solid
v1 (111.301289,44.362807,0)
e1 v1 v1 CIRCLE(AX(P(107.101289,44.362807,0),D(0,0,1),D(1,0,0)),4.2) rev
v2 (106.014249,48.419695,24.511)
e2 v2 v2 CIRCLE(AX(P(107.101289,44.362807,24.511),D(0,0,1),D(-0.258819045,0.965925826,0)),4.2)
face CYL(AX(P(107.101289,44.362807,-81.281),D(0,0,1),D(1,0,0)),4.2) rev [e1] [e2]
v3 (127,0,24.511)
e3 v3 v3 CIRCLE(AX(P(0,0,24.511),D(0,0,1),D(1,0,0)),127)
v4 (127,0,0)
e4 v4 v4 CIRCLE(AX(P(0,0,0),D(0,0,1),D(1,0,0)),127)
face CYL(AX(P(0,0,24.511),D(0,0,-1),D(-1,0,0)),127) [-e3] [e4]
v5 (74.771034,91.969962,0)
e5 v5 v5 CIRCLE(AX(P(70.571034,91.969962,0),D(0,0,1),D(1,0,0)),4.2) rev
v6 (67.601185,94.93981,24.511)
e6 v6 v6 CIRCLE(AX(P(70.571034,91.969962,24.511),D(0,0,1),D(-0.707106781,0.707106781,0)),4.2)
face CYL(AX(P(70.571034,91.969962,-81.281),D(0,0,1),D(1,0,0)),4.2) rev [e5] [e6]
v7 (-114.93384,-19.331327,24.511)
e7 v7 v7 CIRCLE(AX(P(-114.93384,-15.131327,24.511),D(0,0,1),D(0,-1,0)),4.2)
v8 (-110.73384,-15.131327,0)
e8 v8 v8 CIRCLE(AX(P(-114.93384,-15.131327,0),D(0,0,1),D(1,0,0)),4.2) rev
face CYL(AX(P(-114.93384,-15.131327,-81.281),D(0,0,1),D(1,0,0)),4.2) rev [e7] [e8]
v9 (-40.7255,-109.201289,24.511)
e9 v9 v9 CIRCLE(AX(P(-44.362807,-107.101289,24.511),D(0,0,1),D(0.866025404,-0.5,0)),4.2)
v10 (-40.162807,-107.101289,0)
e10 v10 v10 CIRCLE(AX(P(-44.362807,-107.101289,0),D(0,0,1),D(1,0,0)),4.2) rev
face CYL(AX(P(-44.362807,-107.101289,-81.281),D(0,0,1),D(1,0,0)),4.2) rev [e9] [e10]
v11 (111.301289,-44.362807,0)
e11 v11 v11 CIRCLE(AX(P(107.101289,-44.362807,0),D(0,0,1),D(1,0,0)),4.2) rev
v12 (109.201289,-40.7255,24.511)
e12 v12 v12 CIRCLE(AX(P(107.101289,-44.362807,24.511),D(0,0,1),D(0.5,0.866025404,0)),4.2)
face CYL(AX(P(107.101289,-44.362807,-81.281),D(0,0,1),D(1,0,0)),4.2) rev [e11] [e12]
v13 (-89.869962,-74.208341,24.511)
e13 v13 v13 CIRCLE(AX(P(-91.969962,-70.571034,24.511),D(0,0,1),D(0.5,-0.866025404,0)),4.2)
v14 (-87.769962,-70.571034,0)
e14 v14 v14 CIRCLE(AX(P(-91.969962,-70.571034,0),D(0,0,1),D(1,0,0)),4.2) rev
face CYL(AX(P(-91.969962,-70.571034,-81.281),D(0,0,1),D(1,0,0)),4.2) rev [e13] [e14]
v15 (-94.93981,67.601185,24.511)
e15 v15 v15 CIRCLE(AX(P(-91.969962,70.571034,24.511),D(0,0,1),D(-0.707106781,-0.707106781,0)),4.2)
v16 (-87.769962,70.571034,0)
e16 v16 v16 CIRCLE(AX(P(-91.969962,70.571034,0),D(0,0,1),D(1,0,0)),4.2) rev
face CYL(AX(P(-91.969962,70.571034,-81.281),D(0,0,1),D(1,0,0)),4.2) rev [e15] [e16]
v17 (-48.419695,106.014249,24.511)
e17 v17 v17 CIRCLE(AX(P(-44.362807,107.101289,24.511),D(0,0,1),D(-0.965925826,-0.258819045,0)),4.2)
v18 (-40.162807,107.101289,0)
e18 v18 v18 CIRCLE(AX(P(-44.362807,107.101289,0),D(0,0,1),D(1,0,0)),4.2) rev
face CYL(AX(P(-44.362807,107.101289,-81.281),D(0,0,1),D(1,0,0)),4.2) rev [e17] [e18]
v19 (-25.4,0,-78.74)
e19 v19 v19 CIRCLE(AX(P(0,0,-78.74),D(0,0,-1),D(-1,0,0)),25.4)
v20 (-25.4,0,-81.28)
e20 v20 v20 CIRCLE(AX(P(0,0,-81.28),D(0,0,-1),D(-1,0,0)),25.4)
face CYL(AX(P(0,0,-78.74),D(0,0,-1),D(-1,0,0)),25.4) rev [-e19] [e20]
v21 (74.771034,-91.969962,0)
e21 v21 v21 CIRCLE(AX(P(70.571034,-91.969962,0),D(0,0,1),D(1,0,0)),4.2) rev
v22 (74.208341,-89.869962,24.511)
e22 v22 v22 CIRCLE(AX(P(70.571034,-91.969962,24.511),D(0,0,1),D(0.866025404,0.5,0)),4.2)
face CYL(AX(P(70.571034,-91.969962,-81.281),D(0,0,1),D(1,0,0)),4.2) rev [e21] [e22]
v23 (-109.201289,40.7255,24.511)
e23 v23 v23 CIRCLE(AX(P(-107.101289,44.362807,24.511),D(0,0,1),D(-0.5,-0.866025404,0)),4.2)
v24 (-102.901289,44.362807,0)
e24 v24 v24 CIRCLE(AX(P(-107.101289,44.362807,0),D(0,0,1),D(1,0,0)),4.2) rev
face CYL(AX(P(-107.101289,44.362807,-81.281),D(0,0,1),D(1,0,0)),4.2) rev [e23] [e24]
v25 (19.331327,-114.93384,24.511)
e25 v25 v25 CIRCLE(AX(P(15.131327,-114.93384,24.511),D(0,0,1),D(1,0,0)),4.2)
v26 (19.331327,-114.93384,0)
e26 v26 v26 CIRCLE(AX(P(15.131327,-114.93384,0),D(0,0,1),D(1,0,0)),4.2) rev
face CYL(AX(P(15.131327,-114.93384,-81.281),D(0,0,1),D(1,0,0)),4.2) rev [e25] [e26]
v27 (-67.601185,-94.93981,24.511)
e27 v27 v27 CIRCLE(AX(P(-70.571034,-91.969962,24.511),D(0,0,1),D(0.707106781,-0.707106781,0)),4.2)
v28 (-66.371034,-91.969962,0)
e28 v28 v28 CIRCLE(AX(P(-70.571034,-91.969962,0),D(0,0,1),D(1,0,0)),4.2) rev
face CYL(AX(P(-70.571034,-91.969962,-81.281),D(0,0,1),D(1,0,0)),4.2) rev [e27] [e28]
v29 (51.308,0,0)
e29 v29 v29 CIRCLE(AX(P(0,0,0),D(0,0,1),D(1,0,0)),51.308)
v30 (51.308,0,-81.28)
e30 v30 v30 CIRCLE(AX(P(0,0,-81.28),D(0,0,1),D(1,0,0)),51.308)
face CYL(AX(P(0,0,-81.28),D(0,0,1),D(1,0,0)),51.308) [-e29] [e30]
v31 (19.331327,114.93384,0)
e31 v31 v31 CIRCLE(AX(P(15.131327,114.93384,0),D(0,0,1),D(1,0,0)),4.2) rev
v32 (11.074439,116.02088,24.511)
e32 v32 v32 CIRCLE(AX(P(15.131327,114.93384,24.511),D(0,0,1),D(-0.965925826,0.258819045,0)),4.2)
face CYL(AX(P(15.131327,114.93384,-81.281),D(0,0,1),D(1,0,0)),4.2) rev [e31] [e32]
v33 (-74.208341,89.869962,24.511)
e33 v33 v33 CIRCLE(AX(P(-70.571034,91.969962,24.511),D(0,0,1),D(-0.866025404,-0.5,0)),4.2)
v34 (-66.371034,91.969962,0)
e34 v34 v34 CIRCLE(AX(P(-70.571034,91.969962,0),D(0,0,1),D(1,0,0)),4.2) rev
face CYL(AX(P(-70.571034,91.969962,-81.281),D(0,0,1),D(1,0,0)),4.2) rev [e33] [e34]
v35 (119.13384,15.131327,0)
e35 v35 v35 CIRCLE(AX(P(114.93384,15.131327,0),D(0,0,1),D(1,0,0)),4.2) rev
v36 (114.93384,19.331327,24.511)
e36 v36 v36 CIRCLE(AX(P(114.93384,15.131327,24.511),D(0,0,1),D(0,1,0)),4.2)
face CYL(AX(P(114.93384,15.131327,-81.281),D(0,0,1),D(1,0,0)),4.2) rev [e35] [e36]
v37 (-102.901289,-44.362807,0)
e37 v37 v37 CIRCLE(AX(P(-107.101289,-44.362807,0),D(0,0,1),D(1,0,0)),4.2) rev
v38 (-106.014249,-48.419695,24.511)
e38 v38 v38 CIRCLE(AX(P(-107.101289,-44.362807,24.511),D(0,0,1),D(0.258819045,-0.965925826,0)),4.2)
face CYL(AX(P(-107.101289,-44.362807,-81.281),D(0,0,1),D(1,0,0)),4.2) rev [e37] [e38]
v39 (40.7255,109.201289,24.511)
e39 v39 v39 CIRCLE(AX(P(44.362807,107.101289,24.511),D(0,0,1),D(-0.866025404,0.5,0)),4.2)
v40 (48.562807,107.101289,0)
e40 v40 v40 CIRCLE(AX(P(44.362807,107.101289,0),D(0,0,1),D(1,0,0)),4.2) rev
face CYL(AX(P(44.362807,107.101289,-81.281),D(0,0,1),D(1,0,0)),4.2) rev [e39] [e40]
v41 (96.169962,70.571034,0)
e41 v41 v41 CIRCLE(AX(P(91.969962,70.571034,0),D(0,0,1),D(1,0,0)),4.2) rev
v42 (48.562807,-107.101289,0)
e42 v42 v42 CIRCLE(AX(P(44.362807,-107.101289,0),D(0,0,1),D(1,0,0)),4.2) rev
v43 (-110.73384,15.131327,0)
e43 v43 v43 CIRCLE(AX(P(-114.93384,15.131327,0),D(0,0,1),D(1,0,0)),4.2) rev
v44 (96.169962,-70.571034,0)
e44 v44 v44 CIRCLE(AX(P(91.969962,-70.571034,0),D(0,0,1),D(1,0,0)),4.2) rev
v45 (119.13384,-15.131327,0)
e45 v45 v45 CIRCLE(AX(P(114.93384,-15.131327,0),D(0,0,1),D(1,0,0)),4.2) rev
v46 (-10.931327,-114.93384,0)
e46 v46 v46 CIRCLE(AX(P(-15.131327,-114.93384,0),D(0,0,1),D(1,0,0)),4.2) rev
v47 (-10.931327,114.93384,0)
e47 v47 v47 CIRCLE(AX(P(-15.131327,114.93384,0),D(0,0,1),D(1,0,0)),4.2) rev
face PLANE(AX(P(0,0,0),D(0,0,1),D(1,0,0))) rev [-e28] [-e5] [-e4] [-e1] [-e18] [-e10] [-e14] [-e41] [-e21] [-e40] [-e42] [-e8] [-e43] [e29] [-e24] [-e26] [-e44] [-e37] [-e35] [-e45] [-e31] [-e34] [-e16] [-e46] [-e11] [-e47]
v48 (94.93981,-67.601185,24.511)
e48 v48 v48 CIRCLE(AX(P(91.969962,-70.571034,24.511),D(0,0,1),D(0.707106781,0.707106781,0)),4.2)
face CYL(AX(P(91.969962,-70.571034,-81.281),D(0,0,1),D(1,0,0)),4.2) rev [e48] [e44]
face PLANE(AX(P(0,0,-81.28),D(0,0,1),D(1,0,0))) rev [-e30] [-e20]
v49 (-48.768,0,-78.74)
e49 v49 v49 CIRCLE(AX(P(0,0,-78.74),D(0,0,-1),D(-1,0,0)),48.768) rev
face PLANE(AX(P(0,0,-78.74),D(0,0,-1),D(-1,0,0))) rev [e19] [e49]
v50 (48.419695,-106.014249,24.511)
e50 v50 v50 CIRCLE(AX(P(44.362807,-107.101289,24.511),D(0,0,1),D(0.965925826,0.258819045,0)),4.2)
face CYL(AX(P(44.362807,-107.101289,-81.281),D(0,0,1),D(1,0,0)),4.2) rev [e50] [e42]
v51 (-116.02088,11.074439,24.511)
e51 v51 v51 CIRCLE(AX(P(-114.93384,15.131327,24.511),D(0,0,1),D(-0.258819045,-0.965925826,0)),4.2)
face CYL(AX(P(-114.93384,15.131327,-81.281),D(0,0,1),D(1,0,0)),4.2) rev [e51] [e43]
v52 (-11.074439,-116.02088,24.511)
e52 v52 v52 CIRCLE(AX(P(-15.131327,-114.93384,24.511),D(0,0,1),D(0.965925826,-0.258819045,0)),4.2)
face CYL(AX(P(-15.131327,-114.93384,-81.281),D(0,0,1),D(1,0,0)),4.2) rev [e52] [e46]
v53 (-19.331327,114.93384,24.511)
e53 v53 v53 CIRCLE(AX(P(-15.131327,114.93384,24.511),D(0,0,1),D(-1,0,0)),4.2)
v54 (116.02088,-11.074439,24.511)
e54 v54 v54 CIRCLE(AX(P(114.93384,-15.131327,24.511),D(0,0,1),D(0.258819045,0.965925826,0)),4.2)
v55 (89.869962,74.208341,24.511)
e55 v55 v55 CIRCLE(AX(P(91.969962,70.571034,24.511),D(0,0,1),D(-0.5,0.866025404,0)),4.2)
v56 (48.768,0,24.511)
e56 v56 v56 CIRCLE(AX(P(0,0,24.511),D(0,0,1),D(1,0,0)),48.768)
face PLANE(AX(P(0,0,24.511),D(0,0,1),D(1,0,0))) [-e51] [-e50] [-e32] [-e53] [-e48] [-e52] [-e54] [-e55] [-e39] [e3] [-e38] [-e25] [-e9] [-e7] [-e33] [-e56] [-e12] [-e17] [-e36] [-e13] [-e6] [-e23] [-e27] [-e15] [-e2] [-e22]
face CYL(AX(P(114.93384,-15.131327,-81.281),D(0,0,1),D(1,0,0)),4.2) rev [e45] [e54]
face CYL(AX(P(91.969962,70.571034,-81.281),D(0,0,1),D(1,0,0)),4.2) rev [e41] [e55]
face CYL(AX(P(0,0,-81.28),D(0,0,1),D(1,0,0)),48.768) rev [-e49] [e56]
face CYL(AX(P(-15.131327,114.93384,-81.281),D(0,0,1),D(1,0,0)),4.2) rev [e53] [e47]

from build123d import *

# Parameters (mm, degrees)
SKETCH1_R          = 51.308
SKETCH1_R_2        = 48.768
EXTRUDE1_DEPTH     = 81.28
EXTRUDE2_START     = 24.511
SKETCH2_R          = 127
SKETCH2_R_2        = 48.768
EXTRUDE2_DEPTH     = 24.511
CUT_EXTRUDE1_REACH = 210.446
SKETCH3_R          = 4.2
CIRPATTERN1_COUNT  = 24
EXTRUDE3_START     = -2.54
SKETCH4_R          = 51.308
SKETCH4_R_2        = 25.4
EXTRUDE3_DEPTH     = 2.54


with BuildPart() as part:
    # Sketch1 → Extrude1 (new body)
    with BuildSketch(Plane.XY):
        Circle(SKETCH1_R)
        Circle(SKETCH1_R_2, mode=Mode.SUBTRACT)
    extrude(amount=-EXTRUDE1_DEPTH)

    # Sketch2 → Extrude2 (add)
    with BuildSketch(Plane.XY.offset(EXTRUDE2_START)):
        Circle(SKETCH2_R)
        Circle(SKETCH2_R_2, mode=Mode.SUBTRACT)
    extrude(amount=-EXTRUDE2_DEPTH)

    # Sketch3 → Cut-Extrude1 (cut, up to next)
    with BuildSketch(Plane.XY.offset(24.511), mode=Mode.PRIVATE) as cut_extrude1_sk1:
        with Locations((15.131327149, -114.933840422)):
            Circle(SKETCH3_R)
    cut_extrude1_tool1 = extrude(cut_extrude1_sk1.sketch, amount=-CUT_EXTRUDE1_REACH, mode=Mode.PRIVATE) & part.part
    cut_extrude1 = cut_extrude1_tool1.solids().sort_by_distance((15.131327, -114.93384, 24.511))[0]
    add(cut_extrude1, mode=Mode.SUBTRACT)

    # CirPattern1: Cut-Extrude1 ×24 about axis
    cirpattern1_axis = Axis((0, 0, 0), (0, 0, 1))
    for i in range(1, CIRPATTERN1_COUNT):
        add(cut_extrude1.rotate(cirpattern1_axis, i * 360 / CIRPATTERN1_COUNT), mode=Mode.SUBTRACT)

    # Sketch4 → Extrude3 (add)
    with BuildSketch(Plane(origin=(0, 0, -81.28), x_dir=(-1, 0, 0), z_dir=(0, 0, -1)).offset(EXTRUDE3_START)):
        with Locations(Location((0, 0, 0), (0, 0, 180))):
            Circle(SKETCH4_R)
        Circle(SKETCH4_R_2, mode=Mode.SUBTRACT)
    extrude(amount=EXTRUDE3_DEPTH)


solid = part.part
